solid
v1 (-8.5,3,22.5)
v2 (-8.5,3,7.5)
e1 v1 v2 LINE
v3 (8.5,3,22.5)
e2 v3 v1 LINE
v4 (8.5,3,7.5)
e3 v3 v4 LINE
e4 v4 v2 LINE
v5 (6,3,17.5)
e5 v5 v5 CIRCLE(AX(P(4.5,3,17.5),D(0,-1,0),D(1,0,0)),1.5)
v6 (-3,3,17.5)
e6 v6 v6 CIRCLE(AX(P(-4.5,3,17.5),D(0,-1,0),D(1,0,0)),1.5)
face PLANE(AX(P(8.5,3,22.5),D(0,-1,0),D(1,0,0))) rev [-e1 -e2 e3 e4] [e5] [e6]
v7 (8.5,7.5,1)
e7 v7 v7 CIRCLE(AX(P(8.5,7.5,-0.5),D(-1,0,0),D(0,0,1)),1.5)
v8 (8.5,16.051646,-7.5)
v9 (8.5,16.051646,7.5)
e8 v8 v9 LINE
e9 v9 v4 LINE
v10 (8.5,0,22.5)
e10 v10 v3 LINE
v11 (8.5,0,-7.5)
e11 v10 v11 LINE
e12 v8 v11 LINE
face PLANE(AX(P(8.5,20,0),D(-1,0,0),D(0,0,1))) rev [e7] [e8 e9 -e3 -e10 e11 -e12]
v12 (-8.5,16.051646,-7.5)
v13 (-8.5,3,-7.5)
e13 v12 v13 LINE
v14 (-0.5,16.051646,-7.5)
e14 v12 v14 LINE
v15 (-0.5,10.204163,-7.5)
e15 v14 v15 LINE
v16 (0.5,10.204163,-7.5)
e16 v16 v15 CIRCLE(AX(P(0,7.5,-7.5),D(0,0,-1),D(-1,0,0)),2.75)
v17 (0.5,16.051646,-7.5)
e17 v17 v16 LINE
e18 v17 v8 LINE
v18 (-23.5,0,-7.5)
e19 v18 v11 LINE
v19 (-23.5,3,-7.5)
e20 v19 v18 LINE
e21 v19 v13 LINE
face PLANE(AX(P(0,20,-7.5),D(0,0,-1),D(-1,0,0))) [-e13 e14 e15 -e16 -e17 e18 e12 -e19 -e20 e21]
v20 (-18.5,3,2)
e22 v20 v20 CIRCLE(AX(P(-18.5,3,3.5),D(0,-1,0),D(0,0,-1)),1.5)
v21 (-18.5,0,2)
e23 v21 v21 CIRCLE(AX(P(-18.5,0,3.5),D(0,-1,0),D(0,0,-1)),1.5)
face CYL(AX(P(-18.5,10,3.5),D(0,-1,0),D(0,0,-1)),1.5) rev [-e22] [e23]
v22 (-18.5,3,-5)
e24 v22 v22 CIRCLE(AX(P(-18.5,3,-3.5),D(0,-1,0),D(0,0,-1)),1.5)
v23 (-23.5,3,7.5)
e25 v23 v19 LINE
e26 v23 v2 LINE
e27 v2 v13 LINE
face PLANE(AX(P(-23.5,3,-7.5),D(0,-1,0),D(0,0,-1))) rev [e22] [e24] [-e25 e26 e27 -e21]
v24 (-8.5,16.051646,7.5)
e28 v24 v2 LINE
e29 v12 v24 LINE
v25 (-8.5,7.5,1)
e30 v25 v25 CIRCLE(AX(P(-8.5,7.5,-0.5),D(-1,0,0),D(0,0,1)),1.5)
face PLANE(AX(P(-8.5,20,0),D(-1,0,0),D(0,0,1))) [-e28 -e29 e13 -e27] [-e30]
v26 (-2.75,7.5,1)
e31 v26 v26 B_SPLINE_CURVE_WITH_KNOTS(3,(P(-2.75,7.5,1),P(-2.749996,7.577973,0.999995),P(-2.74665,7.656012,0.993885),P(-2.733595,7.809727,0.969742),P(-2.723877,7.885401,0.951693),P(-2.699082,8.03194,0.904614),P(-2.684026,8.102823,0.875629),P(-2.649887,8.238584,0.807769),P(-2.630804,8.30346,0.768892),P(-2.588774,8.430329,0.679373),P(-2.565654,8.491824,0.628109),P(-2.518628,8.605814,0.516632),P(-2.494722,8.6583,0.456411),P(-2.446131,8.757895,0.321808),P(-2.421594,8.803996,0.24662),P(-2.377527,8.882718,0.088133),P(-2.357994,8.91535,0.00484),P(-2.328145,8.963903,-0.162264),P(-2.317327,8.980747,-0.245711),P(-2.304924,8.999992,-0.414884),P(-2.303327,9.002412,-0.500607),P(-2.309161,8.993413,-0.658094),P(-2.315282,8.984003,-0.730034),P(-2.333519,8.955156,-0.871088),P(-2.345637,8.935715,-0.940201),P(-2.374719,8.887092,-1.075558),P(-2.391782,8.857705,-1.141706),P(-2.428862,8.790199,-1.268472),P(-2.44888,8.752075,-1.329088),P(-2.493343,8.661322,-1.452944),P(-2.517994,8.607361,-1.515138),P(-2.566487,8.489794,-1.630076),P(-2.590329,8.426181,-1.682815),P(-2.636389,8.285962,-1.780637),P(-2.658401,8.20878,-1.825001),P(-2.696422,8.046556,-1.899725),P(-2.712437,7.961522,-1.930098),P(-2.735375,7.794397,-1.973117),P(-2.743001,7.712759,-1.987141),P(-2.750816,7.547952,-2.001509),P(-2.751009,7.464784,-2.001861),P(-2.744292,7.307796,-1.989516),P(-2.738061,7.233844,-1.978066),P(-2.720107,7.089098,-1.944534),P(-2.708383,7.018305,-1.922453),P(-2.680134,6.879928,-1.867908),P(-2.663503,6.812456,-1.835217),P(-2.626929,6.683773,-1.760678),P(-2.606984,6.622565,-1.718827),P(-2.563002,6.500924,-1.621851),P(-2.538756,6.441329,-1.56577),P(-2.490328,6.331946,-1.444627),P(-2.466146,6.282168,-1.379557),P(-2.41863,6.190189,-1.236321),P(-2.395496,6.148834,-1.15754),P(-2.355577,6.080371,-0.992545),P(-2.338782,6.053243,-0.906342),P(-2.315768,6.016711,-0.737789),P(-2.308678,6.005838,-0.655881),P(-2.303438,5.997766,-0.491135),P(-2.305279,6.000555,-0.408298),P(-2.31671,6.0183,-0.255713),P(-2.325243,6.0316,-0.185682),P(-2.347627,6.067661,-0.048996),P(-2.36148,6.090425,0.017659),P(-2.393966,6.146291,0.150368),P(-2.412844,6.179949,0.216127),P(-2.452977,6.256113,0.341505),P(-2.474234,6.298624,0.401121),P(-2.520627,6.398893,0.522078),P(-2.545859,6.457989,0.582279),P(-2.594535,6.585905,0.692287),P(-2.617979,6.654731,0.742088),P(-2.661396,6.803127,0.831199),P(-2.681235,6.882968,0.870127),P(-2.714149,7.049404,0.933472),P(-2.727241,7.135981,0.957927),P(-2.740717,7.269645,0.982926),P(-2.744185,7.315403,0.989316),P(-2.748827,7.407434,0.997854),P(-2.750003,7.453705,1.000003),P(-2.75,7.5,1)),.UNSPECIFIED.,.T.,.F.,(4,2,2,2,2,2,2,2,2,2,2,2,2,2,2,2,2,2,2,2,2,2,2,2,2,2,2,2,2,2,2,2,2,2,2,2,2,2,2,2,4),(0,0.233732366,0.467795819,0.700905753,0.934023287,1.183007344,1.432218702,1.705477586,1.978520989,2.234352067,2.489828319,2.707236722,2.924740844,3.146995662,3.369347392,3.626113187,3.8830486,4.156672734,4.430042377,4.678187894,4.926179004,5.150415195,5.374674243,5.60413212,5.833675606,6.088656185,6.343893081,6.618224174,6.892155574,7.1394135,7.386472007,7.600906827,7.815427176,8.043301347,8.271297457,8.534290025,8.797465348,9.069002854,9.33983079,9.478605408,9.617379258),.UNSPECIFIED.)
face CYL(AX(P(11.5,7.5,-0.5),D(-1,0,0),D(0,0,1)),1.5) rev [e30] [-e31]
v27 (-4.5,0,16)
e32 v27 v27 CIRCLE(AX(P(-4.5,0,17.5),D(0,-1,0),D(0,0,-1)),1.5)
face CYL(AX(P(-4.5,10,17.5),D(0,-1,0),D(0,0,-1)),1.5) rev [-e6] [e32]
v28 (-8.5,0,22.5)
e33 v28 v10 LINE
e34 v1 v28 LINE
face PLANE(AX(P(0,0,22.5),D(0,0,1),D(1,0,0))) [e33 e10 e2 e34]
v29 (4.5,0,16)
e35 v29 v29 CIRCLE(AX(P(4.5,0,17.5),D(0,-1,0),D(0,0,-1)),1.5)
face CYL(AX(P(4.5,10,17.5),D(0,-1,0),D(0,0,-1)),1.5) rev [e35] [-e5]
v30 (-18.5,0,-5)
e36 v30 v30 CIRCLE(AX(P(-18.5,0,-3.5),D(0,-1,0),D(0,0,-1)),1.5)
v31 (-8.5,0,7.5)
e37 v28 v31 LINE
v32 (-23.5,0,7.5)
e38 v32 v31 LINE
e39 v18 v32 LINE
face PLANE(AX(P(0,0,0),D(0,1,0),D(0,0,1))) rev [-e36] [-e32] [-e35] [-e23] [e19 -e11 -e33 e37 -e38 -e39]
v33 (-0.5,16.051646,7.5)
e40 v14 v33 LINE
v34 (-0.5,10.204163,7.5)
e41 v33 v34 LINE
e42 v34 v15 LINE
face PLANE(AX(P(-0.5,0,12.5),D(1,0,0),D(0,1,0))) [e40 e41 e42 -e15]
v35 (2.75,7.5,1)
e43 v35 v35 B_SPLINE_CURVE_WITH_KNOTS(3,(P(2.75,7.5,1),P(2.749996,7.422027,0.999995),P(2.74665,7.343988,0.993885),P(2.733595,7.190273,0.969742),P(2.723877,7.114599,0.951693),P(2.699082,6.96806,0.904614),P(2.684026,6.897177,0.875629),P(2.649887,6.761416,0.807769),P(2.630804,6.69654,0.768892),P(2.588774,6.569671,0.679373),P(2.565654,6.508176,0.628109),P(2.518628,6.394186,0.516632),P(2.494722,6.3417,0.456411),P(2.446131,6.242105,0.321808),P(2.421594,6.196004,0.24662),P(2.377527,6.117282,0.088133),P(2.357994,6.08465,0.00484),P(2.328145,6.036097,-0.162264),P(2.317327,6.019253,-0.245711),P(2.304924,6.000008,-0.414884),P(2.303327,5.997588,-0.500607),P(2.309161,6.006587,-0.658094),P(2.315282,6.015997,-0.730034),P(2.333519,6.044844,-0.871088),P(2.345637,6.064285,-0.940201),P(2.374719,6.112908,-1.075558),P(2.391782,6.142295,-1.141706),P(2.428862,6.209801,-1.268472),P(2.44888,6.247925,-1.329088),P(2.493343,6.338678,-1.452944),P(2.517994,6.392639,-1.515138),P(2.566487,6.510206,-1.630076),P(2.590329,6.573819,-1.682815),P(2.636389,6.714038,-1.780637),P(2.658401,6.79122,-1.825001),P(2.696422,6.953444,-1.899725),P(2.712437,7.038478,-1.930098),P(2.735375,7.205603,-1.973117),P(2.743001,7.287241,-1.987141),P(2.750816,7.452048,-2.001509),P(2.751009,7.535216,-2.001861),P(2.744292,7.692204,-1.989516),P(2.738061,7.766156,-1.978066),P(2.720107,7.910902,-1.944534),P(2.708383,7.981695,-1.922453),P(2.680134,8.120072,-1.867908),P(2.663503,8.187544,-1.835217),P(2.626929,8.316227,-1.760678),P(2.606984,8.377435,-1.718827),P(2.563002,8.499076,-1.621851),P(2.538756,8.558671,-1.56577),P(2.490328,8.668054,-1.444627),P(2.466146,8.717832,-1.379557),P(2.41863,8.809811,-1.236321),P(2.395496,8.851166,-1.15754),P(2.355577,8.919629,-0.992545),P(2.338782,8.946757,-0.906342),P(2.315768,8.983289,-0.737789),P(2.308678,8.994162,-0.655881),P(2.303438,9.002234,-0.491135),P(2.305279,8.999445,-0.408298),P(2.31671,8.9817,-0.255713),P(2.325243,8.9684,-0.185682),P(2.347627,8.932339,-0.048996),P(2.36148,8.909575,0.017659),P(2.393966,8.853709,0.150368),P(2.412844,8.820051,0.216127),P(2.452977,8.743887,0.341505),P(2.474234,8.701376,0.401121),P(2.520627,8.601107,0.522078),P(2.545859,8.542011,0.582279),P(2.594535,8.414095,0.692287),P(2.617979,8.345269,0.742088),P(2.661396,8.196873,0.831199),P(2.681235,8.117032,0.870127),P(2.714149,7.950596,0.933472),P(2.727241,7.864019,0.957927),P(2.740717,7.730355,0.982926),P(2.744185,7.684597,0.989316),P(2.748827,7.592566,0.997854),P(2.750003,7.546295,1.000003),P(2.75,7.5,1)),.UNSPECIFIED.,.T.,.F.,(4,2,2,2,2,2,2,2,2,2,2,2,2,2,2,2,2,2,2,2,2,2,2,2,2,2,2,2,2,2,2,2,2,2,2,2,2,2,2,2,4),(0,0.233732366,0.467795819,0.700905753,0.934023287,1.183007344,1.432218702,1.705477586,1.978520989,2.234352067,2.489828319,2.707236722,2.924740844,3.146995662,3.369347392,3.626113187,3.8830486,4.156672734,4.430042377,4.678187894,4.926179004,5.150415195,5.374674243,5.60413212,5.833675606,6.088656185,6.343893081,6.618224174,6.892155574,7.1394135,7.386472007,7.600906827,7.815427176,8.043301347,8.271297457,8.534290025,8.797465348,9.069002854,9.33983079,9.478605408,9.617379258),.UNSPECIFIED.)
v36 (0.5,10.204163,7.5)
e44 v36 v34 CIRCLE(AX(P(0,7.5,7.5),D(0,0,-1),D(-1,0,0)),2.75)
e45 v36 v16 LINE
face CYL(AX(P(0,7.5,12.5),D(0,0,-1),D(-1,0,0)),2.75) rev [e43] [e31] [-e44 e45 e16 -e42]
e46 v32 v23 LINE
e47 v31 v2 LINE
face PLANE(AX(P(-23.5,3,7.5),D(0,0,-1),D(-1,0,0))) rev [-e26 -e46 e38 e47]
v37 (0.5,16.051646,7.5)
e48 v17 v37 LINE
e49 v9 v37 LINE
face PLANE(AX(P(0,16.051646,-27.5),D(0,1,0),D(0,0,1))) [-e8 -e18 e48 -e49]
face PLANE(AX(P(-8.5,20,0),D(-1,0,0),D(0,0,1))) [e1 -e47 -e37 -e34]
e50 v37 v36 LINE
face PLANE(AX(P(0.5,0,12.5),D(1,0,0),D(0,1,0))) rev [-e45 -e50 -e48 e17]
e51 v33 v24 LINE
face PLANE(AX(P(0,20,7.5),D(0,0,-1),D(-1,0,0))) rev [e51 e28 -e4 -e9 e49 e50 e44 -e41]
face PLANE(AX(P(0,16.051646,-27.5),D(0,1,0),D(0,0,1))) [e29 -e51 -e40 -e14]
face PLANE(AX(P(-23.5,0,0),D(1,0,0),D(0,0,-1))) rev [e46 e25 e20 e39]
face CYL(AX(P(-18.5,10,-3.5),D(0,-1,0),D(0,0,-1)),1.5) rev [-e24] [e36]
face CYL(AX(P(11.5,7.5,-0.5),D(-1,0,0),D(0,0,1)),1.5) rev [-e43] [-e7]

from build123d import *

# Parameters (mm, degrees)
CROQUIS1_W              = 17
CROQUIS1_H              = 15
SALIENTE_EXTRUIR1_DEPTH = 20
CROQUIS2_R              = 2.75
CORTAR_EXTRUIR1_DEPTH   = 20
CROQUIS4_R              = 1.5
CORTAR_EXTRUIR3_DEPTH   = 20
CROQUIS7_W              = 8
CROQUIS7_H              = 3.948353597
CORTAR_EXTRUIR5_DEPTH   = 35
CROQUIS8_W              = 17
CROQUIS8_H              = 3
SALIENTE_EXTRUIR2_DEPTH = 15
CROQUIS9_W              = 15
CROQUIS9_H              = 3
SALIENTE_EXTRUIR3_DEPTH = 15
CROQUIS10_R             = 1.5
CORTAR_EXTRUIR6_DEPTH   = 10


with BuildPart() as part:
    # Croquis1 → Saliente-Extruir1 (new body)
    with BuildSketch(Plane(origin=(0, 0, 0), x_dir=(1, 0, 0), z_dir=(0, 1, 0))):
        Rectangle(CROQUIS1_W, CROQUIS1_H)
    extrude(amount=SALIENTE_EXTRUIR1_DEPTH)

    # Croquis2 → Cortar-Extruir1 (cut)
    with BuildSketch(Plane(origin=(0, 0, -7.5), x_dir=(-1, 0, 0), z_dir=(0, 0, -1))):
        with Locations((0, 7.5)):
            Circle(CROQUIS2_R)
        with BuildLine():
            Line((0.5, 20), (-0.5, 20))
            Line((-0.5, 20), (-0.5, 10.204163457))
            ThreePointArc((-0.5, 10.204163457), (0, 10.25), (0.5, 10.204163457))
            Line((0.5, 10.204163457), (0.5, 20))
        make_face()
    extrude(amount=-CORTAR_EXTRUIR1_DEPTH, mode=Mode.SUBTRACT)

    # Croquis4 → Cortar-Extruir3 (cut)
    with BuildSketch(Plane.ZY.offset(8.5)):
        with Locations((-0.5, 7.5)):
            Circle(CROQUIS4_R)
    extrude(amount=-CORTAR_EXTRUIR3_DEPTH, mode=Mode.SUBTRACT)

    # Croquis7 → Cortar-Extruir5 (cut)
    with BuildSketch(Plane.XY.offset(7.5)):
        with Locations((4.5, 18.025823201)):
            Rectangle(CROQUIS7_W, CROQUIS7_H)
        with Locations((-4.5, 18.025823201)):
            Rectangle(CROQUIS7_W, CROQUIS7_H)
    extrude(amount=-CORTAR_EXTRUIR5_DEPTH, mode=Mode.SUBTRACT)

    # Croquis8 → Saliente-Extruir2 (add)
    with BuildSketch(Plane.XY.offset(7.5)):
        with Locations((0, 1.5)):
            Rectangle(CROQUIS8_W, CROQUIS8_H)
    extrude(amount=SALIENTE_EXTRUIR2_DEPTH)

    # Croquis9 → Saliente-Extruir3 (add)
    with BuildSketch(Plane.ZY.offset(8.5)):
        with Locations((0, 1.5)):
            Rectangle(CROQUIS9_W, CROQUIS9_H)
    extrude(amount=SALIENTE_EXTRUIR3_DEPTH)

    # Croquis10 → Cortar-Extruir6 (cut)
    with BuildSketch(Plane.XZ):
        with Locations((-18.5, -3.5)):
            Circle(CROQUIS10_R)
        with Locations((-4.5, 17.5)):
            Circle(CROQUIS10_R)
        with Locations((4.5, 17.5)):
            Circle(CROQUIS10_R)
        with Locations((-18.5, 3.5)):
            Circle(CROQUIS10_R)
    extrude(amount=-CORTAR_EXTRUIR6_DEPTH, mode=Mode.SUBTRACT)


solid = part.part
